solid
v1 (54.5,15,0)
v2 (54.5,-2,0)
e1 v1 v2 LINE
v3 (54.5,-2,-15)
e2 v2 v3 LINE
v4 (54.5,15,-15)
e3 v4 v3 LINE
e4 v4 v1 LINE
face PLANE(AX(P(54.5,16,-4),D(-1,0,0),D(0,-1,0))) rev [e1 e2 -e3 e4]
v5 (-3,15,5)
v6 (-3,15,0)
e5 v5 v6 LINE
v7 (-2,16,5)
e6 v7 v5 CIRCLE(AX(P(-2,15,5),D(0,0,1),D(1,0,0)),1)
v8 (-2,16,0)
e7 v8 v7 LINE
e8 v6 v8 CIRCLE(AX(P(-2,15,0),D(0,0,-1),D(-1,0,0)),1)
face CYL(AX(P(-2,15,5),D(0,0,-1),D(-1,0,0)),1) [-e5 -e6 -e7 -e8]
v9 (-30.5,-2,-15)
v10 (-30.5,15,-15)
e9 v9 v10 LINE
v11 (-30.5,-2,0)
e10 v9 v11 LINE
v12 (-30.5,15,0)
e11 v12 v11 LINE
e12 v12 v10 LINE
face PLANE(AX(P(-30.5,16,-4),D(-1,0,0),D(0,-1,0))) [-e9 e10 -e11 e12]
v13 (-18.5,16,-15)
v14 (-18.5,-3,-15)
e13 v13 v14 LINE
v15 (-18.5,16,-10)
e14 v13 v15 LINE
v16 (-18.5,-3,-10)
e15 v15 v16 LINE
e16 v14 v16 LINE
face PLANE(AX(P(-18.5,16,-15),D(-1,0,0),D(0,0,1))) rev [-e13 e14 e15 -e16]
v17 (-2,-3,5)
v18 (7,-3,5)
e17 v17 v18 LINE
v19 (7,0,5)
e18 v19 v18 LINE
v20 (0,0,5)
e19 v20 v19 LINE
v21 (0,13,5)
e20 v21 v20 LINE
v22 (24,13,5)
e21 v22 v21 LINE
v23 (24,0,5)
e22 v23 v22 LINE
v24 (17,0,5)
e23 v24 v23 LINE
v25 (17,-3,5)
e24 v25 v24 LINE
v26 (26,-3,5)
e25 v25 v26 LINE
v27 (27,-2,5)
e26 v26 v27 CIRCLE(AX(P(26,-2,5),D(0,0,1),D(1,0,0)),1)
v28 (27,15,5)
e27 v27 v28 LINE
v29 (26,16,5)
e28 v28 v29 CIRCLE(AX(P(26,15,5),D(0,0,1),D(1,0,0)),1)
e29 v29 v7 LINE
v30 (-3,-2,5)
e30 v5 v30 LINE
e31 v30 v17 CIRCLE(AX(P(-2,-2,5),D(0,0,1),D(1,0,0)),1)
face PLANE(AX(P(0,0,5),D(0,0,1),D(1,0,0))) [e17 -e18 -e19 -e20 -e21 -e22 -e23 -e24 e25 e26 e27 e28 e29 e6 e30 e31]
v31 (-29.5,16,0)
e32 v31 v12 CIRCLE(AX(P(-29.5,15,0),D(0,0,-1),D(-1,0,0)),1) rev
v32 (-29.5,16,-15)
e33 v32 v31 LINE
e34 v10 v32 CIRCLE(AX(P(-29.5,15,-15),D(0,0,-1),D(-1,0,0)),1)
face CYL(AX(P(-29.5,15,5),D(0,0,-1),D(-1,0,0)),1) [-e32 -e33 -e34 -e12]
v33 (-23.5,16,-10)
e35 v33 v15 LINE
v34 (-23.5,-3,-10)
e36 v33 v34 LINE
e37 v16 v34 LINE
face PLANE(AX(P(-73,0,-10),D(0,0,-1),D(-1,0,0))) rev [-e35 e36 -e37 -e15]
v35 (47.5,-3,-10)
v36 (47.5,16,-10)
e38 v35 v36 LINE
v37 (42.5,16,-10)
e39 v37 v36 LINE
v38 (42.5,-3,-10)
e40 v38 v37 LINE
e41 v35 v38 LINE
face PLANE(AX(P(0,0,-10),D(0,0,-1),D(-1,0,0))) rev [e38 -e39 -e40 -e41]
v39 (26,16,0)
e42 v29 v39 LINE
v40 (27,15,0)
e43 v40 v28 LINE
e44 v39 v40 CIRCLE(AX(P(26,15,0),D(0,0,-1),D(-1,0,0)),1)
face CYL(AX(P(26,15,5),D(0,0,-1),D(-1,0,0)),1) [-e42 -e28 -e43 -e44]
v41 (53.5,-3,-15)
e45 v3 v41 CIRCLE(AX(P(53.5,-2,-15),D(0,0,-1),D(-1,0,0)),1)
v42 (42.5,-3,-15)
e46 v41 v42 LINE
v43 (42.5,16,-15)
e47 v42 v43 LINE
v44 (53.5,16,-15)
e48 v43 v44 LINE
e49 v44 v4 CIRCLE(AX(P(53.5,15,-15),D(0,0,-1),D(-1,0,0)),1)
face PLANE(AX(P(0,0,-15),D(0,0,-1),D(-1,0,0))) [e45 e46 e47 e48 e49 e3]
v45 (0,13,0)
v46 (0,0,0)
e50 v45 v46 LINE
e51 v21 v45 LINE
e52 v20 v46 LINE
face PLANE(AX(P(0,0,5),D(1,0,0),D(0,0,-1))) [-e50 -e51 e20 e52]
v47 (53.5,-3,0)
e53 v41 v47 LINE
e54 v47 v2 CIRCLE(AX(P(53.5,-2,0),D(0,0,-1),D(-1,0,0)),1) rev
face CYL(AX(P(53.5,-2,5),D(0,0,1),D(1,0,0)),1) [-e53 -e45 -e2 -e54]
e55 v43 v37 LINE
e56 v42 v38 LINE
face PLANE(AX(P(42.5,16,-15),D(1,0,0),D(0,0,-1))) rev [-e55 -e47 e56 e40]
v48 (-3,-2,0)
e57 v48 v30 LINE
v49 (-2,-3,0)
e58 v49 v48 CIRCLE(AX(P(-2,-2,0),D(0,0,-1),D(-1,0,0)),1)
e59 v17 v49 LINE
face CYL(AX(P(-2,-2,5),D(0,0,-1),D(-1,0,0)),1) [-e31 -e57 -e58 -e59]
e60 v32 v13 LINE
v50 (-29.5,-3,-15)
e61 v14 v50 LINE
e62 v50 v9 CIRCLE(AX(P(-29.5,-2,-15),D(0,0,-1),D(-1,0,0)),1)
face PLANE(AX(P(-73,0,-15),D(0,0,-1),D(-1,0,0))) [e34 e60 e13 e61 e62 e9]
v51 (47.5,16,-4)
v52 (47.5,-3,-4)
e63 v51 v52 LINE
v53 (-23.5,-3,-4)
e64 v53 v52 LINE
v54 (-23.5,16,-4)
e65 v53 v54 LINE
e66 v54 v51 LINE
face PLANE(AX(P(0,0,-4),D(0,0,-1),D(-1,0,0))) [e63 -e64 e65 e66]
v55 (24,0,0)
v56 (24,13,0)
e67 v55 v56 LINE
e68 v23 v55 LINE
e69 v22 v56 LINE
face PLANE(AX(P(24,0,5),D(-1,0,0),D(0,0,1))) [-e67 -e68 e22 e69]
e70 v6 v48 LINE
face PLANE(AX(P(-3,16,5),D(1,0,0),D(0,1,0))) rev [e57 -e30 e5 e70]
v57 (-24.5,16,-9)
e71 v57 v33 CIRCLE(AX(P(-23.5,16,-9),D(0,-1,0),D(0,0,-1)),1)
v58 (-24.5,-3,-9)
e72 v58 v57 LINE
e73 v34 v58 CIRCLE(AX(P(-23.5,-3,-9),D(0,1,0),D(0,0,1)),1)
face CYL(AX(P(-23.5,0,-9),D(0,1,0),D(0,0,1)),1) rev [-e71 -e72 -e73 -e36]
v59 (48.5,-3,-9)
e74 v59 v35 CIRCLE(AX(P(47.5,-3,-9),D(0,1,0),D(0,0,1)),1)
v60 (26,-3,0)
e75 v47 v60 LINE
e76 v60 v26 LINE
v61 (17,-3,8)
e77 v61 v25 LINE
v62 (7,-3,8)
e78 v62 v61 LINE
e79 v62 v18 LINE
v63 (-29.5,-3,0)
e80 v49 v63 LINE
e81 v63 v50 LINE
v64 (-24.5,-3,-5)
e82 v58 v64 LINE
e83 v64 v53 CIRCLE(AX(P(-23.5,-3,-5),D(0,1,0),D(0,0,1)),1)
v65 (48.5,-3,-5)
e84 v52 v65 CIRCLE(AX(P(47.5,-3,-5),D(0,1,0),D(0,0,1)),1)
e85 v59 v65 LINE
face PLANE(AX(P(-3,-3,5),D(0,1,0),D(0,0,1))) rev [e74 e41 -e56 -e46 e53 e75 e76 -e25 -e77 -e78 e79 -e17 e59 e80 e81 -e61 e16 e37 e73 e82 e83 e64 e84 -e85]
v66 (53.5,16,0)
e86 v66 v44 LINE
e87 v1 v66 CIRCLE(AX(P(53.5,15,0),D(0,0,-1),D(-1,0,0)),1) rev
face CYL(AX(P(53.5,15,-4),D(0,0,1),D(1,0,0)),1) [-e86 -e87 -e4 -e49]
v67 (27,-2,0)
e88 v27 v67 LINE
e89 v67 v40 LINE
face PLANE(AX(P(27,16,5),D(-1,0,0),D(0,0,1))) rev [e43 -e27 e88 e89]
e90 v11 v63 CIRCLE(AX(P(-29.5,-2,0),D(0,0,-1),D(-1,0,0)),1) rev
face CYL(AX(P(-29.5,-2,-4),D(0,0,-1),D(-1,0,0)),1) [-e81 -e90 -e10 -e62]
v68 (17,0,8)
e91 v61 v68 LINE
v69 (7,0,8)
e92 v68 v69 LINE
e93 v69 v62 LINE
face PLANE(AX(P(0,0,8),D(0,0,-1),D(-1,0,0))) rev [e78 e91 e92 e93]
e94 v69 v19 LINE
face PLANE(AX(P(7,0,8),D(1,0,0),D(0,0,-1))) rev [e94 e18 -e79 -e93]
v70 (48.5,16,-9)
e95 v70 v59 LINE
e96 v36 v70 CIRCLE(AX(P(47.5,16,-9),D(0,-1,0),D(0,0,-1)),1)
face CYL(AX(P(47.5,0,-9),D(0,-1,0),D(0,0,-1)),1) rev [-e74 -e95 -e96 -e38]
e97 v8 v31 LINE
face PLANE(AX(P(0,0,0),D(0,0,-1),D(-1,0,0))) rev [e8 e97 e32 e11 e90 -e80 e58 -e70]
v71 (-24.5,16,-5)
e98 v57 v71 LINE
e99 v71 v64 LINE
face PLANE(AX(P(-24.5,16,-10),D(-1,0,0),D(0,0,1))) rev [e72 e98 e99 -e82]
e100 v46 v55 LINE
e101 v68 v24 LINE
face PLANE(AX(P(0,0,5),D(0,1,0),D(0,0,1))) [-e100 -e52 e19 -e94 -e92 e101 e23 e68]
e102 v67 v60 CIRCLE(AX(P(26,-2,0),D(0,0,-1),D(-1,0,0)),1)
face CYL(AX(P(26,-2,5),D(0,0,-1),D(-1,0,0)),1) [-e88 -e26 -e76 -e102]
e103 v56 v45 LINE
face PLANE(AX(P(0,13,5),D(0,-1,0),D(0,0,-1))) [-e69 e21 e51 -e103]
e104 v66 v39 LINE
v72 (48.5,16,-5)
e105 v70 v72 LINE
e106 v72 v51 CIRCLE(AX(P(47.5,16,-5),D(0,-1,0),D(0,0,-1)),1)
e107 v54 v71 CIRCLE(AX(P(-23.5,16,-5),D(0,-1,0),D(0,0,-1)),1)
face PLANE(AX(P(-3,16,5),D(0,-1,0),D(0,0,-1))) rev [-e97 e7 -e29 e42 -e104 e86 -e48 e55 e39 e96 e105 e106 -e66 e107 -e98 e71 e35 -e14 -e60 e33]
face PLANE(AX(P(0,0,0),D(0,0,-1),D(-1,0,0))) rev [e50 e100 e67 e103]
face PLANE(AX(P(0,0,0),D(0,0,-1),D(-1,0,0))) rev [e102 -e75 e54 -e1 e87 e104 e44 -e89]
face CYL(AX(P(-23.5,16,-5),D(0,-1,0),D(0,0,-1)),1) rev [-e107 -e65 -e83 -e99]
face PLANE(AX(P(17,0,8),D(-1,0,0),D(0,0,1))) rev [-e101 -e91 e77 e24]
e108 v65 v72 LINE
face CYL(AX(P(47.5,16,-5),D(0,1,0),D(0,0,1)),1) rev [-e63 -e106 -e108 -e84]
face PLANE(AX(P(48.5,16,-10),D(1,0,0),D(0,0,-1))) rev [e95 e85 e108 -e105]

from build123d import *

# Parameters (mm, degrees)
SKETCH1_W           = 30
SKETCH1_H           = 19
SKETCH1_W_2         = 24
SKETCH1_H_2         = 13
BOSS_EXTRUDE1_DEPTH = 5
BOSS_EXTRUDE4_DEPTH = 4
SKETCH4_W           = 6
SKETCH4_H           = 19
BOSS_EXTRUDE5_DEPTH = 6
LPATTERN1_COUNT     = 2
LPATTERN1_PITCH     = 79
SKETCH6_W           = 12
SKETCH6_H           = 19
BOSS_EXTRUDE6_DEPTH = 5
LPATTERN2_COUNT     = 2
LPATTERN2_PITCH     = 73
BOSS_EXTRUDE7_DEPTH = 3
FILLET1_R           = 1
FILLET2_R           = 1
FILLET3_R           = 1


with BuildPart() as part:
    # Sketch1 → Boss-Extrude1 (new body)
    with BuildSketch(Plane.XY):
        with Locations((12, 6.5)):
            Rectangle(SKETCH1_W, SKETCH1_H)
        with Locations((12, 6.5)):
            Rectangle(SKETCH1_W_2, SKETCH1_H_2, mode=Mode.SUBTRACT)
    extrude(amount=BOSS_EXTRUDE1_DEPTH)

    # Sketch3 → Boss-Extrude4 (add)
    with BuildSketch(Plane(origin=(0, 0, 0), x_dir=(-1, 0, 0), z_dir=(0, 0, -1))):
        Polygon((-12, 16), (-54.5, 16), (-54.5, -3), (-7, -3), (30.5, -3), (30.5, 16), align=None)
    extrude(amount=BOSS_EXTRUDE4_DEPTH)

    # Sketch4 → Boss-Extrude5 (add)
    with BuildSketch(Plane(origin=(0, 0, -4), x_dir=(-1, 0, 0), z_dir=(0, 0, -1))):
        with Locations((-51.5, 6.5)):
            Rectangle(SKETCH4_W, SKETCH4_H)
    boss_extrude5 = extrude(amount=BOSS_EXTRUDE5_DEPTH)

    # LPattern1: Boss-Extrude5 ×2
    with Locations(*[(-i * LPATTERN1_PITCH, 0, 0) for i in range(1, LPATTERN1_COUNT)]):
        add(boss_extrude5)

    # Sketch6 → Boss-Extrude6 (add)
    with BuildSketch(Plane(origin=(0, 0, -10), x_dir=(-1, 0, 0), z_dir=(0, 0, -1))):
        with Locations((-48.5, 6.5)):
            Rectangle(SKETCH6_W, SKETCH6_H)
    boss_extrude6 = extrude(amount=BOSS_EXTRUDE6_DEPTH)

    # LPattern2: Boss-Extrude6 ×2
    with Locations(*[(-i * LPATTERN2_PITCH, 0, 0) for i in range(1, LPATTERN2_COUNT)]):
        add(boss_extrude6)

    # Sketch7 → Boss-Extrude7 (add)
    with BuildSketch(Plane.XY.offset(5)):
        Polygon((12, 0), (7, 0), (7, -3), (12, -3), (17, -3), (17, 0), align=None)
    extrude(amount=BOSS_EXTRUDE7_DEPTH)

    # Fillet1
    fillet1_edges = [part.edges().sort_by_distance(p)[0] for p in [
        (-3, 16, 2.5),
        (27, 16, 2.5),
        (27, -3, 2.5),
        (-3, -3, 2.5),
    ]]
    fillet(fillet1_edges, radius=FILLET1_R)

    # Fillet2
    fillet2_edges = [part.edges().sort_by_distance(p)[0] for p in [
        (54.5, 16, -7.5),
        (54.5, -3, -7.5),
        (-30.5, -3, -7.5),
        (-30.5, 16, -7.5),
    ]]
    fillet(fillet2_edges, radius=FILLET2_R)

    # Fillet3
    fillet3_edges = [part.edges().sort_by_distance(p)[0] for p in [
        (48.5, 6.5, -4),
        (48.5, 6.5, -10),
        (-24.5, 6.5, -4),
        (-24.5, 6.5, -10),
    ]]
    fillet(fillet3_edges, radius=FILLET3_R)


solid = part.part
